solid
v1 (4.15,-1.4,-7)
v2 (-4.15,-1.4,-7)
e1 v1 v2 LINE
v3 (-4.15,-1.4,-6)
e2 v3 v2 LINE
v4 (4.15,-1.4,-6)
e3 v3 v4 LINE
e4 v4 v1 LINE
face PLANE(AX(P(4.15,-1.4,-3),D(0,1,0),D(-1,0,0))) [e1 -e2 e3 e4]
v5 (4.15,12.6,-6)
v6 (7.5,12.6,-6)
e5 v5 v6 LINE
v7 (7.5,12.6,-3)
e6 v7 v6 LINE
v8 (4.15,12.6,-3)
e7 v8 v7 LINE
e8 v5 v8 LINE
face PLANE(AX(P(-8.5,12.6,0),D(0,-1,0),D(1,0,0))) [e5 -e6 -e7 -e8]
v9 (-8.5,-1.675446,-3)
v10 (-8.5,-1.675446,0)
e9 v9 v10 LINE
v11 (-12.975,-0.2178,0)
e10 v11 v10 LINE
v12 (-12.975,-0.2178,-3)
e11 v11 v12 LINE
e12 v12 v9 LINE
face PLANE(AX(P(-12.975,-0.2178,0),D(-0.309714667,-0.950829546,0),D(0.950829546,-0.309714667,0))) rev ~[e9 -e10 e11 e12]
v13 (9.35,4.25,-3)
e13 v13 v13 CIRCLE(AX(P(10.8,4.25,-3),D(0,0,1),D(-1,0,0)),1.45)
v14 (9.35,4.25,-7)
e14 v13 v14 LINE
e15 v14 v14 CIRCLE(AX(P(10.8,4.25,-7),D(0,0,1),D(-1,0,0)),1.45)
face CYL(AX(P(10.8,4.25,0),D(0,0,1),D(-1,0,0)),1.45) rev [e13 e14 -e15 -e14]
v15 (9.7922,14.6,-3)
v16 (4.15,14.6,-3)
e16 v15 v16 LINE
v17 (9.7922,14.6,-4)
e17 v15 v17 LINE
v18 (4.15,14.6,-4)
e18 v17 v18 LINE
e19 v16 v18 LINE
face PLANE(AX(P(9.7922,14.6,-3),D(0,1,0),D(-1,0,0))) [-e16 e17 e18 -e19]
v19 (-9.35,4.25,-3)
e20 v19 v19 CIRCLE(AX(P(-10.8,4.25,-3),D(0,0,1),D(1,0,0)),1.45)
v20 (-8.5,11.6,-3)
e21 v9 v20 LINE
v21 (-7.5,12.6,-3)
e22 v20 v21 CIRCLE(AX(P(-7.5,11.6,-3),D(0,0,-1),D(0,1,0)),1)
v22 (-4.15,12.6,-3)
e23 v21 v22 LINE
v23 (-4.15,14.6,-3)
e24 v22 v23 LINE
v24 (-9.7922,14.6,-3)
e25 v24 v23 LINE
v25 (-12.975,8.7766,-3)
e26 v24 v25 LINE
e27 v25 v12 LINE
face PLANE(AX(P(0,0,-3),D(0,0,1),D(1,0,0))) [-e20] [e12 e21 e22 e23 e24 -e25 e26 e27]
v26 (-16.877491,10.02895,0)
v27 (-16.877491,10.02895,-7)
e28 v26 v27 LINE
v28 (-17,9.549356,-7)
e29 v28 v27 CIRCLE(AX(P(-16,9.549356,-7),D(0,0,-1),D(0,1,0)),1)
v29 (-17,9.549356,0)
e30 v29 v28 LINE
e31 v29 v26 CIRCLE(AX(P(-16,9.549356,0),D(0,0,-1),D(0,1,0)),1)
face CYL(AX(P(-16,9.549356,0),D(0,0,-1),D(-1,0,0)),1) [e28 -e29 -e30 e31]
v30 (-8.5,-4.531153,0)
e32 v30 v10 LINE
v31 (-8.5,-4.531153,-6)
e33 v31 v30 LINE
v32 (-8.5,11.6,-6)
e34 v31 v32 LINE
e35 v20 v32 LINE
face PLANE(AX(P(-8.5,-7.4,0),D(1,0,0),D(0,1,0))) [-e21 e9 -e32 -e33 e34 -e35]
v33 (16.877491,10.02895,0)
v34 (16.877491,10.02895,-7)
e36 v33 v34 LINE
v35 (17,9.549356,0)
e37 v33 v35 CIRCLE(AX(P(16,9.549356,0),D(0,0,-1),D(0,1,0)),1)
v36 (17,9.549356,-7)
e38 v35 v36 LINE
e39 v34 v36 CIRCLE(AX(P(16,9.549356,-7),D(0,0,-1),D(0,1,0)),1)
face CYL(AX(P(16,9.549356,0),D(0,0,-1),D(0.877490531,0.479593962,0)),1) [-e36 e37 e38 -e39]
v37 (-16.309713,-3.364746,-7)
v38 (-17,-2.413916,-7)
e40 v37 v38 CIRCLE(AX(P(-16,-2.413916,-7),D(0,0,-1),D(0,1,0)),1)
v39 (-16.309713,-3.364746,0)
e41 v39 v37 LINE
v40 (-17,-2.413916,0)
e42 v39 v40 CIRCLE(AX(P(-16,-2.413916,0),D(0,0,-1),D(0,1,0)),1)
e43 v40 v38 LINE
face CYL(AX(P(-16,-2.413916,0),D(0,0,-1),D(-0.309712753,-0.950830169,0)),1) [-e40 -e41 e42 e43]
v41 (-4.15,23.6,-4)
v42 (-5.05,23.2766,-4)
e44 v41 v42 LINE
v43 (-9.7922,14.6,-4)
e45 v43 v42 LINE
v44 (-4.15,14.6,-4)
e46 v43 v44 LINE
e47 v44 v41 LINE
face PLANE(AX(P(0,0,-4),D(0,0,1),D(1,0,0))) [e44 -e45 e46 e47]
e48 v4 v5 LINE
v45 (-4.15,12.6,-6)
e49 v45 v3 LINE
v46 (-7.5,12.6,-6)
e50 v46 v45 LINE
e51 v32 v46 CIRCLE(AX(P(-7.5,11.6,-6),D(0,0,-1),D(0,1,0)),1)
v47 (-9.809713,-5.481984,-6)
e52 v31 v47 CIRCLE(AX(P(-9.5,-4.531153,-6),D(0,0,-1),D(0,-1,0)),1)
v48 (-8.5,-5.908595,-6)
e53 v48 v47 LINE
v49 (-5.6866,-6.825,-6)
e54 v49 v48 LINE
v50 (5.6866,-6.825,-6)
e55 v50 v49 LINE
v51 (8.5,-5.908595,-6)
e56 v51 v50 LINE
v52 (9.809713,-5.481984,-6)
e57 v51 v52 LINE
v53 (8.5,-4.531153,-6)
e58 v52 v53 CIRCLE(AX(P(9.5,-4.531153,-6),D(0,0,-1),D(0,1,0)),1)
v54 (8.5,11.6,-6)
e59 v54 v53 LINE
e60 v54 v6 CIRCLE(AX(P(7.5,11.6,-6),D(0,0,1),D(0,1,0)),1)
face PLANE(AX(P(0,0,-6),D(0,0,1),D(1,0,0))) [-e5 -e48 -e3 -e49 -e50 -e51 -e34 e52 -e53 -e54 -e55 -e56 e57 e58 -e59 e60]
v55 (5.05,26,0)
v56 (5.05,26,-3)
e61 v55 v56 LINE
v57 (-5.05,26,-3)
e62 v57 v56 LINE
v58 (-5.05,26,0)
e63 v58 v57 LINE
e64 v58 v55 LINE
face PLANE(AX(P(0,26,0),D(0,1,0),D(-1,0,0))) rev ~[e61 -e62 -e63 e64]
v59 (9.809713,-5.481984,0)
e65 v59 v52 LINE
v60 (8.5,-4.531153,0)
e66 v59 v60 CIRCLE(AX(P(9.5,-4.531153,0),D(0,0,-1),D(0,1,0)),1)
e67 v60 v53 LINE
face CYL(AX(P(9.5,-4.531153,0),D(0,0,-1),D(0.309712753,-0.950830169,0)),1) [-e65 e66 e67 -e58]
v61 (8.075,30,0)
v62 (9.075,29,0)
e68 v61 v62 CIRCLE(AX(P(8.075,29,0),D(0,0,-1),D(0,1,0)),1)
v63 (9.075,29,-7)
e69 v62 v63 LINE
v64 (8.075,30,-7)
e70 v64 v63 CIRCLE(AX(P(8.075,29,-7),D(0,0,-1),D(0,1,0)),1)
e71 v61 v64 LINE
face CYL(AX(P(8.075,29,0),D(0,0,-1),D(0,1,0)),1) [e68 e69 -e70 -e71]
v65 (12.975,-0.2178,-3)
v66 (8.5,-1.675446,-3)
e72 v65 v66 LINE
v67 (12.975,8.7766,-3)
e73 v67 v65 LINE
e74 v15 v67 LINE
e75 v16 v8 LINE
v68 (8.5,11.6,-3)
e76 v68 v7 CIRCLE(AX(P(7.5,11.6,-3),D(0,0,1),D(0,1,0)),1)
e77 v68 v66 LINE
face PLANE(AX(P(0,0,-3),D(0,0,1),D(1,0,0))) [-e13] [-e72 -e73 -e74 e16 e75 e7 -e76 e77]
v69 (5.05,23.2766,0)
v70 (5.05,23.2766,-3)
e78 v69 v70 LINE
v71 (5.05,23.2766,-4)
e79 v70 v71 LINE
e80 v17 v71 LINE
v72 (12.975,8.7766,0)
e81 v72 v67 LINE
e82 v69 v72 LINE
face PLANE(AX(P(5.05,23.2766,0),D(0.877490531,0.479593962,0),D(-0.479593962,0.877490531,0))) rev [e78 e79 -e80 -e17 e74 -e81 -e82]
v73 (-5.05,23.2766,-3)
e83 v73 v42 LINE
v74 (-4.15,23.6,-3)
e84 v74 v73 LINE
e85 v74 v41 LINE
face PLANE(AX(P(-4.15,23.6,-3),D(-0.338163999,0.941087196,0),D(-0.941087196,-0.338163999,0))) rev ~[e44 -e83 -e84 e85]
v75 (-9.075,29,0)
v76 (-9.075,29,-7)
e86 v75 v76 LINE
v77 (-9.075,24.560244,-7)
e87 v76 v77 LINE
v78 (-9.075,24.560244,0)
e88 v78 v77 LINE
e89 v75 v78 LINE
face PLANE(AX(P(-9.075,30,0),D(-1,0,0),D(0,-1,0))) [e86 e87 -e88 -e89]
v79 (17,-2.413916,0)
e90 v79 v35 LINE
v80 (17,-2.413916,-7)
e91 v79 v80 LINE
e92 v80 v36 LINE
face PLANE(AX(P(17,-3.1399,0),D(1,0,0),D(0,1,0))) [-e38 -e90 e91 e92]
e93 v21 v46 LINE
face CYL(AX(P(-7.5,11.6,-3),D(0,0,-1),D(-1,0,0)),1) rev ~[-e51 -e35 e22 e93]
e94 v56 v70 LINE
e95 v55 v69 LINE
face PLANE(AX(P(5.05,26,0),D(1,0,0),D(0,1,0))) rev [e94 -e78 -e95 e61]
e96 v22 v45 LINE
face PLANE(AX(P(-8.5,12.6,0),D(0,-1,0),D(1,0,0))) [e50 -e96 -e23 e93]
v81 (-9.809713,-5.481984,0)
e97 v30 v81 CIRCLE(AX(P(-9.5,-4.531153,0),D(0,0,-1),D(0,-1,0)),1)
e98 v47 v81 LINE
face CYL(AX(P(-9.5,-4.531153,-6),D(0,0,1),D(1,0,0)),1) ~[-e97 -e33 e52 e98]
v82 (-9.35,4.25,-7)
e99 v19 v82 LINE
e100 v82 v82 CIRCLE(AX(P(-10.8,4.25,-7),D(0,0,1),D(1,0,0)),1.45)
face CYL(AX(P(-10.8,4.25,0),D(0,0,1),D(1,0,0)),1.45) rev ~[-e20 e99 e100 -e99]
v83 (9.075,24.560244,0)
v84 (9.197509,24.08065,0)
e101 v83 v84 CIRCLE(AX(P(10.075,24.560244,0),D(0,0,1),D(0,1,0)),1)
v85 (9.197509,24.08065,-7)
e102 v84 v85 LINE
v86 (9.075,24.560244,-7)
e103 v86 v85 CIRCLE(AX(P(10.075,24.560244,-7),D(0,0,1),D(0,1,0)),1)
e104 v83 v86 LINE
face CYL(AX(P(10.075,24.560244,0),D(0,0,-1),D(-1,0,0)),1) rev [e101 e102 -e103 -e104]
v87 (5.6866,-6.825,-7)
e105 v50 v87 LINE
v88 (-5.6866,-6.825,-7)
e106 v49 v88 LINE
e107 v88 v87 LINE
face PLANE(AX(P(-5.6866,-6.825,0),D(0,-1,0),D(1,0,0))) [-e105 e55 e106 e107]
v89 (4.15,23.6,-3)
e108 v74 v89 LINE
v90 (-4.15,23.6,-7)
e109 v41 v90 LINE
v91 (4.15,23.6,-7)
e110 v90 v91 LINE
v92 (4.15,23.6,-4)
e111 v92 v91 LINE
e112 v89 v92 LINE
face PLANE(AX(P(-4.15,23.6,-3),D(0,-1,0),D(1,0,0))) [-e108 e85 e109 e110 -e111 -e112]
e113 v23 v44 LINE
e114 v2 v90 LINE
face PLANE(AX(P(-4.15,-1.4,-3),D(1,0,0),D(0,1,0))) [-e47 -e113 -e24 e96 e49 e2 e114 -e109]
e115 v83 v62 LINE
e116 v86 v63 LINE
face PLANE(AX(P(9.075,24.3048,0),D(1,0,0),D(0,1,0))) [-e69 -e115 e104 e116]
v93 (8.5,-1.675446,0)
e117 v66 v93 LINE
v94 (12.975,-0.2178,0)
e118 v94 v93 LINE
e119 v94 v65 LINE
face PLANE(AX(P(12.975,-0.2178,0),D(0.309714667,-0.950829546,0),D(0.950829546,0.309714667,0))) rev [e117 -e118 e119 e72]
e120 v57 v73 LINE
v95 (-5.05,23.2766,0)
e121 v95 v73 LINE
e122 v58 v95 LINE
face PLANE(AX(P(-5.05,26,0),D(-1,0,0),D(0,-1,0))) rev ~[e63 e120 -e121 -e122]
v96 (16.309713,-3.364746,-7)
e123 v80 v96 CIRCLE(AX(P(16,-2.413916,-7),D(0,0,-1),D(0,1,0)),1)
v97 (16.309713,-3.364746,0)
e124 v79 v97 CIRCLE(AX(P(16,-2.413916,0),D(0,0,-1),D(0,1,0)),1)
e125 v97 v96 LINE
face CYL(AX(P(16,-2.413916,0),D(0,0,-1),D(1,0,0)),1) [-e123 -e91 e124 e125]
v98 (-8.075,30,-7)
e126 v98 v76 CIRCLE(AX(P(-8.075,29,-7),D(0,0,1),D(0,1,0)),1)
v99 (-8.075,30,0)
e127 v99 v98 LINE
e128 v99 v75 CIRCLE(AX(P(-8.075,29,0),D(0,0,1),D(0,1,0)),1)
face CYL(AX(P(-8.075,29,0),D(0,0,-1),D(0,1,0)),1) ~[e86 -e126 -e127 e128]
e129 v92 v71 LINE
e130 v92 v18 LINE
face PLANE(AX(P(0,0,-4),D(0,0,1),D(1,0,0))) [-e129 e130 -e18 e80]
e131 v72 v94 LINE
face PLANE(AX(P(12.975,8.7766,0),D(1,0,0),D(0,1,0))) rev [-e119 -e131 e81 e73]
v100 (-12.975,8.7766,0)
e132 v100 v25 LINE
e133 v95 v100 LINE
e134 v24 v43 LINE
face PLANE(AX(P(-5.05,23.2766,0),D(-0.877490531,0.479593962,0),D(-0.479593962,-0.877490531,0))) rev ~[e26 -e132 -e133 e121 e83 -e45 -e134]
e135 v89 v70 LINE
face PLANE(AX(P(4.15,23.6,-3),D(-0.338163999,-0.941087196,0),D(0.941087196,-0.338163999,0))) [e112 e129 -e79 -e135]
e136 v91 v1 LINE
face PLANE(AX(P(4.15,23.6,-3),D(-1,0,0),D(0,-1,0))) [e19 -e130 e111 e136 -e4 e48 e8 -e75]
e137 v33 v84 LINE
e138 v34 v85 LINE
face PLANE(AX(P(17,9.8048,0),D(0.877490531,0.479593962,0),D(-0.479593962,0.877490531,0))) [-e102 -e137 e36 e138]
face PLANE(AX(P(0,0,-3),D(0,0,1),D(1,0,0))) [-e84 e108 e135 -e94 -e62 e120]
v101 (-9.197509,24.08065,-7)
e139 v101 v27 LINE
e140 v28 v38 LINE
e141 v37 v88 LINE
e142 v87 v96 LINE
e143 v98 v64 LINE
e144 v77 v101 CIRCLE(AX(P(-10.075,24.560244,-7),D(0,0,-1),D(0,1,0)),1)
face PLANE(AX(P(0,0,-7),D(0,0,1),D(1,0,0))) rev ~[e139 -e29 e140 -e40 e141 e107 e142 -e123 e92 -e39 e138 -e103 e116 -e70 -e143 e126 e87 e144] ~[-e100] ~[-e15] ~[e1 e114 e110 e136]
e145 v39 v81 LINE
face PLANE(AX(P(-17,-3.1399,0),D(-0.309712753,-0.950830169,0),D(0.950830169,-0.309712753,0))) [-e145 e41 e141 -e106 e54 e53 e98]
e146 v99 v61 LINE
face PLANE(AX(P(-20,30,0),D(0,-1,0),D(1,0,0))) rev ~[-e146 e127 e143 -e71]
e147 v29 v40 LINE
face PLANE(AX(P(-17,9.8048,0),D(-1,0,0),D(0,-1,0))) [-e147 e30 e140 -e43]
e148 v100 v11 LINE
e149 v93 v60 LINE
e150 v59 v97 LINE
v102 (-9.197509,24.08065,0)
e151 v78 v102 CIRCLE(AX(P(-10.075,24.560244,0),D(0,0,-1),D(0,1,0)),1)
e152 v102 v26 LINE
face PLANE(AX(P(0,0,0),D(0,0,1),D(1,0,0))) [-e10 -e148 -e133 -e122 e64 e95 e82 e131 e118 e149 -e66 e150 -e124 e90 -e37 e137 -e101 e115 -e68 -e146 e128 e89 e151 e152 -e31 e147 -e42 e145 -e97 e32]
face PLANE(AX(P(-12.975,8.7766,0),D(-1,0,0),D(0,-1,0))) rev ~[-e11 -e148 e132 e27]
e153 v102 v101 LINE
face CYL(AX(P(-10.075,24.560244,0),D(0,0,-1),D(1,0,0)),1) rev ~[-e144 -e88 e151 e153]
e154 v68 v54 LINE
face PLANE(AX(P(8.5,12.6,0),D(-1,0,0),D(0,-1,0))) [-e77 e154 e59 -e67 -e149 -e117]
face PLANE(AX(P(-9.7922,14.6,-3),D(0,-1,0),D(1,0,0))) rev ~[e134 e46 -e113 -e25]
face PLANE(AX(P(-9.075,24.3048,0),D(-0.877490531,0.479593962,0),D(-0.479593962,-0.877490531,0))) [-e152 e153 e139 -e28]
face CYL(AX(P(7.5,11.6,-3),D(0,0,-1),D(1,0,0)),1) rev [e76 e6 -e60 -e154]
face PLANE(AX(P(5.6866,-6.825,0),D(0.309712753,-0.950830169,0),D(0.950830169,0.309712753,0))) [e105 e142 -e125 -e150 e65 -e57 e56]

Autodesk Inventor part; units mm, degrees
ref_plane "YZ Plane" through (0, 0, 0) normal (1, 0, 0) x (0, 1, 0)
ref_plane "XZ Plane" through (0, 0, 0) normal (0, 1, 0) x (-1, 0, 0)
ref_plane "XY Plane" through (0, 0, 0) normal (0, 0, 1) x (1, 0, 0)
sketch "Sketch1" plane through (0, 0, 0) normal (0, 0, 1) x (1, 0, 0)
  line L0 (-5, -2.5) -> (5, -2.5) construction
  line L1 (5, -2.5) -> (12.675, 0) construction
  line L2 (-5, -2.5) -> (-12.675, 0)
  line L3 (12.675, 0) -> (-12.675, 0) construction
  line L4 (12.675, 0) -> (12.675, 8.7) construction
  line L5 (-12.675, 0) -> (-12.675, 8.7)
  line L6 (-12.675, 8.7) -> (-4.75, 23.2)
  line L7 (-4.75, 23.2) -> (-4.75, 25.7)
  line L8 (-4.75, 25.7) -> (4.75, 25.7) construction
  line L9 (4.75, 25.7) -> (4.75, 23.2) construction
  line L10 (4.75, 23.2) -> (12.675, 8.7) construction
  line L11 (0, -8.56) -> (0, 31.76) projected
  line L12 (0, 25.7) -> (0, -2.5)
  circle A0 centre (-10.8, 4.25) radius 1.25
  line L13 (-10.8, 4.25) -> (0, 4.25) construction
  line L14 (-4.75, 25.7) -> (0, 25.7)
  line L15 (-5, -2.5) -> (0, -2.5)
  line L16 (-5.05, 23.2766) -> (-12.975, 8.7766)
  line L17 (-12.975, 8.7766) -> (-12.975, -0.2178)
  line L18 (-12.975, -0.2178) -> (-5.0476, -2.8)
  line L19 (-5.0476, -2.8) -> (0.3, -2.8) construction
  line L20 (0.3, -2.8) -> (0.3, 26) construction
  line L21 (0.3, 26) -> (-5.05, 26) construction
  line L22 (-5.05, 26) -> (-5.05, 23.2766)
  line L23 (0, -2.5) -> (0, -2.8)
  line L24 (0, 25.7) -> (0, 26)
  line L25 (0, -2.8) -> (-5.0476, -2.8)
  line L26 (0, 26) -> (-5.05, 26)
  point P0 (0, 0)
  point P1 (0, 0)
  dimension "d0" = 10
  dimension "d1" = 25.35
  dimension "d2" = 2.5
  dimension "d3" = 8.7
  dimension "d4" = 28.2
  dimension "d6" = 2.5
  dimension "d7" = 9.5
  dimension "d42" = 2.5
  dimension "d43" = 10.8
  dimension "d44" = 6.75
  dimension "d53" = 0.3
sketch "Sketch8" plane through (0, 0, 0) normal (0, 0, 1) x (1, 0, 0)
  line L0 (-20, 30) -> (20, 30)
  line L1 (20, 30) -> (20, -10)
  line L2 (20, -10) -> (-20, -10)
  line L3 (-20, -10) -> (-20, 30)
  point P0 (0, 0)
  point P1 (0, -10)
  dimension "d45" = 40
  dimension "d46" = 10
extrude "MainBlock" add sketch "Sketch8" against normal blind 7
extrude "CartridgeCutout" cut sketch "Sketch1" against normal blind 3
sketch "Sketch10" plane through (-10.8, 4.25, 0) normal (0, 0, 1) x (1, 0, 0)
  circle A0 centre (0, 0) radius 1.25 projected
  circle A1 centre (0, 0) radius 1.45
  point P0 (10.8, -4.25)
  dimension "d56" = 0.2
extrude "PinHole" cut sketch "Sketch10" against normal through all contours A0 | A1
mirror "Mirror3" about plane through (0, 26, 0) normal (-1, 0, 0) of "CartridgeCutout", "PinHole"
sketch "Sketch12" plane through (0, 0, -3) normal (0, 0, 1) x (1, 0, 0)
  circle A0 centre (10.8, 4.25) radius 1.45 projected
  circle A1 centre (-10.8, 4.25) radius 1.45 projected
  line L0 (5.05, 26) -> (-5.05, 26) projected
  line L1 (-5.05, 23.2766) -> (-5.05, 26) projected
  line L2 (-12.975, 8.7766) -> (-5.05, 23.2766) projected
  line L3 (-12.975, -0.2178) -> (-12.975, 8.7766) projected
  line L4 (-5.0476, -2.8) -> (-12.975, -0.2178) projected
  line L5 (5.0476, -2.8) -> (-5.0476, -2.8) projected
  line L6 (5.0476, -2.8) -> (12.975, -0.2178) projected
  line L7 (12.975, -0.2178) -> (12.975, 8.7766) projected
  line L8 (12.975, 8.7766) -> (5.05, 23.2766) projected
  line L9 (5.05, 23.2766) -> (5.05, 26) projected
  line L10 (-4.15, 23.6) -> (4.15, 23.6)
  line L11 (4.15, 23.6) -> (4.15, -1.4)
  line L12 (4.15, -1.4) -> (-4.15, -1.4)
  line L13 (-4.15, -1.4) -> (-4.15, 23.6)
  point P0 (0, 0)
  point P1 (0, -1.4)
  dimension "d59" = 8.3
  dimension "d60" = 25
  dimension "d61" = 1.4
extrude "CentreHole" cut sketch "Sketch12" against normal through all contours L10 L11 L12 L13
sketch "Sketch13" plane through (0, 0, 0) normal (0, 0, 1) x (1, 0, 0)
  line L0 (-5.05, 26) -> (5.05, 26) projected
  line L1 (5.05, 26) -> (5.05, 23.2766) projected
  line L2 (5.05, 23.2766) -> (12.975, 8.7766) projected
  line L3 (12.975, 8.7766) -> (12.975, -0.2178) projected
  line L4 (12.975, -0.2178) -> (5.0476, -2.8) projected
  line L5 (5.0476, -2.8) -> (-5.0476, -2.8) projected
  line L6 (-5.0476, -2.8) -> (-12.975, -0.2178) projected
  line L7 (-12.975, -0.2178) -> (-12.975, 8.7766) projected
  line L8 (-12.975, 8.7766) -> (-5.05, 23.2766) projected
  line L9 (-5.05, 23.2766) -> (-5.05, 26) projected
  line L10 (-20, 30) -> (20, 30) projected
  line L11 (-20, -10) -> (-20, 30) projected
  line L12 (20, -10) -> (-20, -10) projected
  line L13 (20, 30) -> (20, -10) projected
  line L14 (-17, 9.8048) -> (-17, -3.1399)
  line L15 (-17, -3.1399) -> (-5.6866, -6.825)
  line L16 (-5.6866, -6.825) -> (5.6866, -6.825)
  line L17 (5.6866, -6.825) -> (17, -3.1399)
  line L18 (17, -3.1399) -> (17, 9.8048)
  line L19 (17, 9.8048) -> (9.075, 24.3048)
  line L20 (9.075, 24.3048) -> (9.075, 30.025)
  line L21 (9.075, 30.025) -> (-9.075, 30.025)
  line L22 (-9.075, 30.025) -> (-9.075, 24.3048)
  line L23 (-9.075, 24.3048) -> (-17, 9.8048)
  point P0 (0, 0)
  dimension "d65" = 4.025
extrude "OutlineCut" cut sketch "Sketch13" against normal through all contours L10 L22 L23 L14 L15 L16 L17 L18 L19 L20 L13 L12 L11
sketch "Sketch14" plane through (0, 0, -3) normal (0, 0, 1) x (1, 0, 0)
  line L0 (-4.15, -1.4) -> (-4.15, 23.6) projected
  line L1 (-4.15, 23.6) -> (4.15, 23.6) projected
  line L2 (4.15, 23.6) -> (4.15, -1.4) projected
  line L3 (4.15, -1.4) -> (-4.15, -1.4) construction
  circle A0 centre (10.8, 4.25) radius 1.45 construction
  circle A1 centre (-10.8, 4.25) radius 1.45 construction
  line L4 (5.05, 26) -> (-5.05, 26) projected
  line L5 (-5.05, 23.2766) -> (-5.05, 26) projected
  line L6 (-12.975, 8.7766) -> (-5.05, 23.2766) projected
  line L7 (-12.975, -0.2178) -> (-12.975, 8.7766) construction
  line L8 (-5.0476, -2.8) -> (-12.975, -0.2178) construction
  line L9 (5.0476, -2.8) -> (-5.0476, -2.8) construction
  line L10 (5.0476, -2.8) -> (12.975, -0.2178) construction
  line L11 (12.975, -0.2178) -> (12.975, 8.7766) construction
  line L12 (12.975, 8.7766) -> (5.05, 23.2766) projected
  line L13 (5.05, 23.2766) -> (5.05, 26) projected
  line L14 (-9.7922, 14.6) -> (-4.15, 14.6)
  line L15 (-12.975, 8.7766) -> (-5.05, 23.2766) projected
  line L16 (-4.15, 23.6) -> (-5.05, 23.2766)
  line L17 (0, -18) -> (0, 38) projected
  line L18 (-4.15, 23.6) -> (-4.15, 14.6)
  line L19 (-4.15, -1.4) -> (-4.15, 23.6) projected
  line L20 (-5.05, 23.2766) -> (-9.7922, 14.6)
  line L21 (-12.975, 8.7766) -> (-5.05, 23.2766) projected
  line L22 (9.7922, 14.6) -> (4.15, 14.6)
  line L23 (4.15, 23.6) -> (5.05, 23.2766)
  line L24 (4.15, 23.6) -> (4.15, 14.6)
  line L25 (5.05, 23.2766) -> (9.7922, 14.6)
  point P0 (0, 0)
  dimension "d70" = 9
extrude "AlignmentGooveCut" cut sketch "Sketch14" against normal blind 1 contours L14 L6 L16 L0 | L23 L12 L22 L2
sketch "Sketch16" plane through (0, 0, 0) normal (0, 0, 1) x (1, 0, 0)
  line L0 (-8.5, 12.6) -> (8.5, 12.6)
  line L1 (8.5, 12.6) -> (8.5, -7.4)
  line L2 (8.5, -7.4) -> (-8.5, -7.4)
  line L3 (-8.5, -7.4) -> (-8.5, 12.6)
  line L4 (4.15, -1.4) -> (-4.15, -1.4) projected
  point P0 (0, 0)
  point P1 (0, -7.4)
  dimension "d73" = 17
  dimension "d74" = 20
  dimension "d75" = 14
extrude "CircuitBoardCut" cut sketch "Sketch16" against normal blind 6
fillet "Fillet3" radius 1 10 edges at (-17, -3.1399, -3.5) (17, -3.1399, -3.5) (17, 9.8048, -3.5) (9.075, 24.3048, -3.5) (9.075, 30, -3.5) (-9.075, 24.3048, -3.5) (-17, 9.8048, -3.5) (-9.075, 30, -3.5) (-8.5, -5.9086, -3) (8.5, -5.9086, -3)
fillet "Fillet3" radius 1 2 edges at (-8.5, 12.6, -4.5) (8.5, 12.6, -4.5)
properties part number "InkjetHolderV4"
